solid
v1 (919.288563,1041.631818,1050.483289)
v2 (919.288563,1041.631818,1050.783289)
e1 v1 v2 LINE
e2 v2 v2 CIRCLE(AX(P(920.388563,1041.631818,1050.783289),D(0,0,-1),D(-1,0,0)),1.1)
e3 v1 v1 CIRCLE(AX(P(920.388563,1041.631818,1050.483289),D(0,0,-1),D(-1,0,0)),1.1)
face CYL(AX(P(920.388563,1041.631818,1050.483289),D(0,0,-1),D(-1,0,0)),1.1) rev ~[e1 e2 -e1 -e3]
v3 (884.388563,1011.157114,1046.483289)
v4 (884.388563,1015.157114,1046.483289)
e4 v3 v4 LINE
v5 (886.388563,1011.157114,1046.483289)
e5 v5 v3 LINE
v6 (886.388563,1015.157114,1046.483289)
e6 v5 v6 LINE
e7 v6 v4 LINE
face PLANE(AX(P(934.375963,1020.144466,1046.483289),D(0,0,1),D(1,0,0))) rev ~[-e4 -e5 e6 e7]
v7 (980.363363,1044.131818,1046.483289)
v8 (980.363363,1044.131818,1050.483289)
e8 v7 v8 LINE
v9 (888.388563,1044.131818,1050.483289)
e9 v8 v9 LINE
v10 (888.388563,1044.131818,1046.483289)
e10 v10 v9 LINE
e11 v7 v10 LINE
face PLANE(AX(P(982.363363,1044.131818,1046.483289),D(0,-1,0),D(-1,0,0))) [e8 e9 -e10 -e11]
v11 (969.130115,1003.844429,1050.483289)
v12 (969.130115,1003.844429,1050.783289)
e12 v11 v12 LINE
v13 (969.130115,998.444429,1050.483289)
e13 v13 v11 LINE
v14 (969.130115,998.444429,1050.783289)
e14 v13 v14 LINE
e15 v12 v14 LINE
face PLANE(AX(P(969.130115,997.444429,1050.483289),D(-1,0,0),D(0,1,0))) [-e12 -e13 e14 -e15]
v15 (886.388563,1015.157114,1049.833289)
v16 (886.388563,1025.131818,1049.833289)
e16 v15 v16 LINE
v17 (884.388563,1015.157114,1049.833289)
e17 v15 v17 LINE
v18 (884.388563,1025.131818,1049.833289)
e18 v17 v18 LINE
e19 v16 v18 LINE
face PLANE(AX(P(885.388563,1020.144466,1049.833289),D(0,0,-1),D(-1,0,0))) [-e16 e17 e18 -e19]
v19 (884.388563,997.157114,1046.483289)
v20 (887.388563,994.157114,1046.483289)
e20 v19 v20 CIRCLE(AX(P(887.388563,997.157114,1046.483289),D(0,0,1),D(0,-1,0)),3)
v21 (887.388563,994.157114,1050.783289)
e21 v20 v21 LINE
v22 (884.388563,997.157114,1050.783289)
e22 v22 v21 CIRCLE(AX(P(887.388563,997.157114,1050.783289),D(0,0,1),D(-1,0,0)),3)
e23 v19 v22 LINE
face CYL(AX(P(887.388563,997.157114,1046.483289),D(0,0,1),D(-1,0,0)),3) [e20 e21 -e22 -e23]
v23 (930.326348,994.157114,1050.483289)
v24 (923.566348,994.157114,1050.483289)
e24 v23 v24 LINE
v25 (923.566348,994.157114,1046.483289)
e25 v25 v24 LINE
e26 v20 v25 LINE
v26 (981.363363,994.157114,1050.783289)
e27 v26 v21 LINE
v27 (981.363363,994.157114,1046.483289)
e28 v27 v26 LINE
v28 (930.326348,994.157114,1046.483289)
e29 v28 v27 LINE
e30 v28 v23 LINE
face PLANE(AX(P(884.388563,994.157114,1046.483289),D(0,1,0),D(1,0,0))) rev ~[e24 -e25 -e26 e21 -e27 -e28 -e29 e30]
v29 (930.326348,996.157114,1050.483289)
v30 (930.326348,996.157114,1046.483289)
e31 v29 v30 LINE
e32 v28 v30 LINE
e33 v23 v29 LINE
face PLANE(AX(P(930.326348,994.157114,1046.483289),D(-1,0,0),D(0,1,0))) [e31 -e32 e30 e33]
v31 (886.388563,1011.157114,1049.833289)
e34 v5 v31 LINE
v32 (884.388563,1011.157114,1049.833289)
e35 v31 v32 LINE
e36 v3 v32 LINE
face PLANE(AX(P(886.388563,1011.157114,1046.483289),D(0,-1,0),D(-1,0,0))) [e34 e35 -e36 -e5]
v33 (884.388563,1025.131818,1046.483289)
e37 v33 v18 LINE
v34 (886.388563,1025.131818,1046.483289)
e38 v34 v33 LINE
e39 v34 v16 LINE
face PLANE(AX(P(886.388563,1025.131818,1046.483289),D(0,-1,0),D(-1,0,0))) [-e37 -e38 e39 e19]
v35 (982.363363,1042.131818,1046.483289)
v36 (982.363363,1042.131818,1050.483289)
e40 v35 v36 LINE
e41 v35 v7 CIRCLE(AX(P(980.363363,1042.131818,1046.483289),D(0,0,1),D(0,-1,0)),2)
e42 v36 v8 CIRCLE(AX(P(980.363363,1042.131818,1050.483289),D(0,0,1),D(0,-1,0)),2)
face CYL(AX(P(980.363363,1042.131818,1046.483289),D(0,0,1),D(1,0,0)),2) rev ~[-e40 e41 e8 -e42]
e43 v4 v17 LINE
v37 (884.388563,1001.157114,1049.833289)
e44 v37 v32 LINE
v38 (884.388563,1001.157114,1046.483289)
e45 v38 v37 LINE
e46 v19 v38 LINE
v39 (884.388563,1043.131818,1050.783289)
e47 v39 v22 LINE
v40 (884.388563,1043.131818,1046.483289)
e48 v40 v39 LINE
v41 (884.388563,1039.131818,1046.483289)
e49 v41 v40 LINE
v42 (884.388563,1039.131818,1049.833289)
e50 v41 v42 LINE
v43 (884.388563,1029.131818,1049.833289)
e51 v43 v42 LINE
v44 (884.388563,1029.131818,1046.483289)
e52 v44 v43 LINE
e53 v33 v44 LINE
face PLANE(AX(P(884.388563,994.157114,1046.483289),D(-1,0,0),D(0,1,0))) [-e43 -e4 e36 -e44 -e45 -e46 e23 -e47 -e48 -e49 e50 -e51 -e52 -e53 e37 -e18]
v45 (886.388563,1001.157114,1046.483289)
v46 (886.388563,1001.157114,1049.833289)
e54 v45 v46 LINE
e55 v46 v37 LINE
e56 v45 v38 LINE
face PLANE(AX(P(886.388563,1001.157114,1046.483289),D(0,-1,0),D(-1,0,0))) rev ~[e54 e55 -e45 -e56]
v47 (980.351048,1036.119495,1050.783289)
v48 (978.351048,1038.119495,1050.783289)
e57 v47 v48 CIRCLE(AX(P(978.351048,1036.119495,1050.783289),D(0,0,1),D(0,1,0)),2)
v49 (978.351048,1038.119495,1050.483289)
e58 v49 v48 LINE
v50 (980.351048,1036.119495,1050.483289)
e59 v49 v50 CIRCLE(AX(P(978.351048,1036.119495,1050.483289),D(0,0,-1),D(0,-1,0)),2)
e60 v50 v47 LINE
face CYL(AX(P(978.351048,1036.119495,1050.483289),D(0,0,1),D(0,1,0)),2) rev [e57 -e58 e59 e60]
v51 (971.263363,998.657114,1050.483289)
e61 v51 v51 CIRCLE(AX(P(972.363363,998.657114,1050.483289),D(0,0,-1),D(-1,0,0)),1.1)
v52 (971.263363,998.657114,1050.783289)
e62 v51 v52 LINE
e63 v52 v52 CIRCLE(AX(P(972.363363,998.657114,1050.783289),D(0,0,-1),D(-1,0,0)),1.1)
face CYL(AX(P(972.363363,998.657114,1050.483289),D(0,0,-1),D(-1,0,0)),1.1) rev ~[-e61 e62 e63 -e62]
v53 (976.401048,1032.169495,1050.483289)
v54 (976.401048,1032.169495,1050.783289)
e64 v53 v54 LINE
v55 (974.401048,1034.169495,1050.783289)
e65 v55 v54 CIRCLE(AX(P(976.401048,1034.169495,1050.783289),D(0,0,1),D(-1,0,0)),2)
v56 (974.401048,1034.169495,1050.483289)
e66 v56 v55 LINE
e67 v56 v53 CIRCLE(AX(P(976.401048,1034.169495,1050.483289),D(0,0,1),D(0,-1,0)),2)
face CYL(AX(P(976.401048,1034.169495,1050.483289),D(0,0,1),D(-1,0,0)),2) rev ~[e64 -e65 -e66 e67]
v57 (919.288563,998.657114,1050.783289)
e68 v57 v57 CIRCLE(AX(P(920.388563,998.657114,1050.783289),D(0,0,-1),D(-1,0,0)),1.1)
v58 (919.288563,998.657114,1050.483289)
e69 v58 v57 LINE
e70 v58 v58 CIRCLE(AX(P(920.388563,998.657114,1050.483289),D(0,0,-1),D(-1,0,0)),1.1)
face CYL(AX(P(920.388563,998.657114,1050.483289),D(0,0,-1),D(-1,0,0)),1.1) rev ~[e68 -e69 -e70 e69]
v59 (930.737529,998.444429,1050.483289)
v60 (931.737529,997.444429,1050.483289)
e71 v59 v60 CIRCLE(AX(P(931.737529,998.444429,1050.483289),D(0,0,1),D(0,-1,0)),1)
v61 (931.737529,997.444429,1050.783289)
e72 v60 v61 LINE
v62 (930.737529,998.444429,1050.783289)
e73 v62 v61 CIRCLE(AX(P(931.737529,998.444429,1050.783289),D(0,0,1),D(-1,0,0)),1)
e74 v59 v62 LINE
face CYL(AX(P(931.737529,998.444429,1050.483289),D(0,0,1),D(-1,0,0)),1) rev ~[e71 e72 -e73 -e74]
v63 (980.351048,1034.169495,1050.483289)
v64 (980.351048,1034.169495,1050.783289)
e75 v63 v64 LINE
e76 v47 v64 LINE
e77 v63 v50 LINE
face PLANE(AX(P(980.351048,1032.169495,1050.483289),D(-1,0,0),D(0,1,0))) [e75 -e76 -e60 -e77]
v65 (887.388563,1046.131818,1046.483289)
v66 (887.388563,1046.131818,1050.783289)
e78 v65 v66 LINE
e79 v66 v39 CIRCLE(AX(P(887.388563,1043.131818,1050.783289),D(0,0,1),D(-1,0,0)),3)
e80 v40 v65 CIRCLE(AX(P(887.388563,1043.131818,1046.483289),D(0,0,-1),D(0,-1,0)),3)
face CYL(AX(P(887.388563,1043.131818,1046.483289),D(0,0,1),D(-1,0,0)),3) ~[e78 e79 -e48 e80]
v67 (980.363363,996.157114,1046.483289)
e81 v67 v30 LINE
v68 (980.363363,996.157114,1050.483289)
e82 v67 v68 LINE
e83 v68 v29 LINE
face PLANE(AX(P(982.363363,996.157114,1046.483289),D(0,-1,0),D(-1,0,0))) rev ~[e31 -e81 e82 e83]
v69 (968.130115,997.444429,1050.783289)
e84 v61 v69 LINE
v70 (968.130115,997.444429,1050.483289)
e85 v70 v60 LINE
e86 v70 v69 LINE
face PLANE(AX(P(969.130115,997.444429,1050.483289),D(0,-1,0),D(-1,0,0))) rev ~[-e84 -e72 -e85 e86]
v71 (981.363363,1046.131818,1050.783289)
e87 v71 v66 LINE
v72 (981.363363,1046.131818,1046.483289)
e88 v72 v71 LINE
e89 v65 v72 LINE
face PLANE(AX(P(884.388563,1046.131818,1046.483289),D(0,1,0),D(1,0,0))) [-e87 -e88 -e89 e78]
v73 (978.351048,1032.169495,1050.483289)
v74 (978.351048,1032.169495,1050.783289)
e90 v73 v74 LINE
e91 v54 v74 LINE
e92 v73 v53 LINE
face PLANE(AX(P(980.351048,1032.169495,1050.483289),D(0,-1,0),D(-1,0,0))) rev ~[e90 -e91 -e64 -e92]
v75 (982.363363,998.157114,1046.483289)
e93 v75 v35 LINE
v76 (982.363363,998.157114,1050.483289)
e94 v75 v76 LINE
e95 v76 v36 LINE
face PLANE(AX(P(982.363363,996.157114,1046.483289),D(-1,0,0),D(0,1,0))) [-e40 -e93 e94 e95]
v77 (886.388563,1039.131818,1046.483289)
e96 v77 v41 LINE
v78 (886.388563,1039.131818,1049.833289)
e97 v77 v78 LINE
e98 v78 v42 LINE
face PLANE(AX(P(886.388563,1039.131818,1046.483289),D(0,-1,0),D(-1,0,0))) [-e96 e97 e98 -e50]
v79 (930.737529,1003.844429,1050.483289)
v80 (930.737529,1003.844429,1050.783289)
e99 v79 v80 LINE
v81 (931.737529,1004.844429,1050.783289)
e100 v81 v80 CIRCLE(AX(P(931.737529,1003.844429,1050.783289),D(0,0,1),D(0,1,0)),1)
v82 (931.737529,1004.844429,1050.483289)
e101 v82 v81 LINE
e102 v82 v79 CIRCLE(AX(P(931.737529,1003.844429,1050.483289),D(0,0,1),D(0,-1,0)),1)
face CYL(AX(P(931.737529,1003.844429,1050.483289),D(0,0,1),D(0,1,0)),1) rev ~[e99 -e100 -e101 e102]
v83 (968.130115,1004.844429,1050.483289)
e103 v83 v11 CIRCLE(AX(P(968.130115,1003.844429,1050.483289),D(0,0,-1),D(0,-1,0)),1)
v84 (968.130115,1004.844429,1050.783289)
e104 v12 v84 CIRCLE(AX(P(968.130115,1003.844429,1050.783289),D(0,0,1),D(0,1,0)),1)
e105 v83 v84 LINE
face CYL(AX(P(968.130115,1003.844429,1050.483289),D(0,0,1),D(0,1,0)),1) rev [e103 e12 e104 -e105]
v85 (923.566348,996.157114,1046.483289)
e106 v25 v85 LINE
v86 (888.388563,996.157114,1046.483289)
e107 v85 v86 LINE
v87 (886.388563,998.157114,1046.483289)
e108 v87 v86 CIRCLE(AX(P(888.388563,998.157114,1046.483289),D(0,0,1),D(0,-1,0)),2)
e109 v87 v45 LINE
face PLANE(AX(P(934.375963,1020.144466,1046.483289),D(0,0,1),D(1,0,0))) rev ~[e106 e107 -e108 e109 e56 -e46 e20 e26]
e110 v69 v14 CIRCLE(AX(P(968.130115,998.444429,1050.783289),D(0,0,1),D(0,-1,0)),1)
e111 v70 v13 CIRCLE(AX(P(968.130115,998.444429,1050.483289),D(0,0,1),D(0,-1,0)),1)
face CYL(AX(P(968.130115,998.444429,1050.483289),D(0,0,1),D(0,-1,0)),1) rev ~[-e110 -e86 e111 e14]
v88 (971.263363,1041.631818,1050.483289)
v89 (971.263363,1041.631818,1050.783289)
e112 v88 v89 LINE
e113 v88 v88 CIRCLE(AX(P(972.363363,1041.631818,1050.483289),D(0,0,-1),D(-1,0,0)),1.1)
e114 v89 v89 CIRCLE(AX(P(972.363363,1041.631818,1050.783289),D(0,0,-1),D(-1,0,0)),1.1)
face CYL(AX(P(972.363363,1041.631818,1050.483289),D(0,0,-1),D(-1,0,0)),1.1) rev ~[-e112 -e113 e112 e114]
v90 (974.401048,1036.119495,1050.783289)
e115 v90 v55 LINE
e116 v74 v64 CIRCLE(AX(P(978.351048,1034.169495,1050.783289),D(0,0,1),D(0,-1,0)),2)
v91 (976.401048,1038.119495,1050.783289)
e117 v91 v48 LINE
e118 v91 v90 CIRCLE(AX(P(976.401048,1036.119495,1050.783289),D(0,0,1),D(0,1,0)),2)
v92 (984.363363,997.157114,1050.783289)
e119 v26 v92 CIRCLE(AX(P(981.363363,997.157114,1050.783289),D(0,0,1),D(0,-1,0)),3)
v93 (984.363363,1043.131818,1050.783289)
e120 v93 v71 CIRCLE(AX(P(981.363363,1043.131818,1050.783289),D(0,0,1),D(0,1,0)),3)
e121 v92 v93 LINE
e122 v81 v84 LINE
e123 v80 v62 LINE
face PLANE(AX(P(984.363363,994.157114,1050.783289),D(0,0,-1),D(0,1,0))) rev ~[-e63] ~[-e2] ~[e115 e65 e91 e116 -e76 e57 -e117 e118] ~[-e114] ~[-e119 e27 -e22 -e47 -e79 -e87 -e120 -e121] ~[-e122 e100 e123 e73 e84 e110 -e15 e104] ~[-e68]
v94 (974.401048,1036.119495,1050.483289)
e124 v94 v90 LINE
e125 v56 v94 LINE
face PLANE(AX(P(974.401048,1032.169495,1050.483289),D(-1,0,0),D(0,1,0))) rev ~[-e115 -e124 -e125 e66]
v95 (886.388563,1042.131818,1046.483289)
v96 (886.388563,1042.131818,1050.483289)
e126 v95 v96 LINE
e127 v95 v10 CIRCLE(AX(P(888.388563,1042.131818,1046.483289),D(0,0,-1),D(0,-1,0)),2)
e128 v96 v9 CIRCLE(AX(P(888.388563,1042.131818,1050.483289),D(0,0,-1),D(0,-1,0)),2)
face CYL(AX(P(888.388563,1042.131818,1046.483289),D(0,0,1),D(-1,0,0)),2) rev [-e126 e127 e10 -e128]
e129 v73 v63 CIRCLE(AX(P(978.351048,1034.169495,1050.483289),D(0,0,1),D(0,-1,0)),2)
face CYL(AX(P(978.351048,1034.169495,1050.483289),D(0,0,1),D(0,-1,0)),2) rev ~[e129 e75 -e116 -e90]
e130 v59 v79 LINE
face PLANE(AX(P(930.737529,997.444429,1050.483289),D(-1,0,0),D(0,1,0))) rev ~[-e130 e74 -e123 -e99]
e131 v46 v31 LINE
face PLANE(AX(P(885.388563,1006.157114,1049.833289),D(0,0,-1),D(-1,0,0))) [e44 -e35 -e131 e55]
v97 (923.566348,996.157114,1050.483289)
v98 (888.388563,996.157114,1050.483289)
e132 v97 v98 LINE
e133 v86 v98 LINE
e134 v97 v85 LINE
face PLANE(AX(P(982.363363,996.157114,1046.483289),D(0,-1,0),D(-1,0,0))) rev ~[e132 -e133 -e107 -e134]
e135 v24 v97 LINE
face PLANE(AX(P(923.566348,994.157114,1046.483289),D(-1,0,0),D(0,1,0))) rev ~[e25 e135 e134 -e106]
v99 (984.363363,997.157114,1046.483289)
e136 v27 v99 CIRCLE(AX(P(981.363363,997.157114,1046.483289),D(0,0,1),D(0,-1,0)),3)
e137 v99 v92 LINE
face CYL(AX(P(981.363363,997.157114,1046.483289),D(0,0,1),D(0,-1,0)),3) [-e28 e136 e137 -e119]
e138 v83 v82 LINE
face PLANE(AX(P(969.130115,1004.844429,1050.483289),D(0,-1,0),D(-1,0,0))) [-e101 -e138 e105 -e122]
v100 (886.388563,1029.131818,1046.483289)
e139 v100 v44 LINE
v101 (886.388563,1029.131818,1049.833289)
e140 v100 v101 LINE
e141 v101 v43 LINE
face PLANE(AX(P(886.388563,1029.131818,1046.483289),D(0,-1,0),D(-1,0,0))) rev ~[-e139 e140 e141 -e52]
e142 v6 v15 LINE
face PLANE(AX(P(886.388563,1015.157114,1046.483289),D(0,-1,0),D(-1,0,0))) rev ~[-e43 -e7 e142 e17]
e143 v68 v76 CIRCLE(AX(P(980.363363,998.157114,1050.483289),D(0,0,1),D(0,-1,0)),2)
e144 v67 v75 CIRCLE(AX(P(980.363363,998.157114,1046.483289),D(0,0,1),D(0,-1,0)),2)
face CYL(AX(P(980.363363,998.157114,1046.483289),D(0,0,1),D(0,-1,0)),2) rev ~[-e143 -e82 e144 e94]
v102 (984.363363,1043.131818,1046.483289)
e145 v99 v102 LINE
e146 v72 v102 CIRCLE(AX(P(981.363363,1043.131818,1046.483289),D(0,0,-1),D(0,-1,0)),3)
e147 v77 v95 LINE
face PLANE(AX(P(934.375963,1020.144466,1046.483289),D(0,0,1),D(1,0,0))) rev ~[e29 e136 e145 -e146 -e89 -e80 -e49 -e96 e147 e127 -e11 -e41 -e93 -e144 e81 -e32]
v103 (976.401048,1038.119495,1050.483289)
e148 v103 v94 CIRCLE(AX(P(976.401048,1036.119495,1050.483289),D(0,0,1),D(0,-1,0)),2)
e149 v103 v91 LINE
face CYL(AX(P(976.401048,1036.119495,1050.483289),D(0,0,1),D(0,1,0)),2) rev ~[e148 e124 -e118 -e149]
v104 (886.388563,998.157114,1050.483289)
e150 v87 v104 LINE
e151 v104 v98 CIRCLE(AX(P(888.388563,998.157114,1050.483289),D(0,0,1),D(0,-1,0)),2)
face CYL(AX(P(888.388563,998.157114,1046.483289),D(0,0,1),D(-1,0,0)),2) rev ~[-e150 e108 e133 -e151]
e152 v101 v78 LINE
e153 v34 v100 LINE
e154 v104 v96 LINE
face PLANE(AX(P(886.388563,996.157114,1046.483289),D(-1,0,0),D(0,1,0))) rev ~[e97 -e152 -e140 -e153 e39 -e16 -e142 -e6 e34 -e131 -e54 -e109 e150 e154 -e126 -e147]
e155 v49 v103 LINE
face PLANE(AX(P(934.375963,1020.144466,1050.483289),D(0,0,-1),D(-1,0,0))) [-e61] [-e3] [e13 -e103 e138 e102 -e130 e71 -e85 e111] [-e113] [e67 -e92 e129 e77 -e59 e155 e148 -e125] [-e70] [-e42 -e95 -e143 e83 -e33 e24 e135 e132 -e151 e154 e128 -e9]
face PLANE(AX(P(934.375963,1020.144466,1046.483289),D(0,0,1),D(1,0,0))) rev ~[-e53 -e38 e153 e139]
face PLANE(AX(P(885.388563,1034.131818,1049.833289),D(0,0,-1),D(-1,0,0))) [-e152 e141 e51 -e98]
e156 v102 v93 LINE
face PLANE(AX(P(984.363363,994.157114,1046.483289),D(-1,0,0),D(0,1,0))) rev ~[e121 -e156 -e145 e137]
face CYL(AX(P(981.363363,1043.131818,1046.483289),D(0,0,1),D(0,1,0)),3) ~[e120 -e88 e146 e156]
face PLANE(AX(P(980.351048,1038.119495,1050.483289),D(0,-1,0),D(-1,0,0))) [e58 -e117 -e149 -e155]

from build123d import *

# Parameters (mm, degrees)
SKETCH_1_W           = 99.974800609
SKETCH_1_H           = 51.97470409
EXTRUDE_1_DEPTH      = 8.6
SKETCH_2_W           = 95.974800609
SKETCH_2_H           = 47.97470409
CUT_EXTRUDE_1_DEPTH  = 4
SKETCH_3_W           = 2
SKETCH_3_H           = 10
SKETCH_3_H_2         = 9.97470409
CUT_EXTRUDE_2_DEPTH  = 3.35
SKETCH_4_R           = 1.1
SKETCH_4_W           = 38.392586289
SKETCH_4_H           = 7.4
SKETCH_4_W_2         = 5.95
SKETCH_4_H_2         = 5.95
CUT_EXTRUDE_3_DEPTH  = 1437.448457956
FILLET_1_R           = 3
FILLET_3_R           = 2
SKETCH_7_W           = 53.6
SKETCH_7_H           = 10.97470409
CUT_EXTRUDE_14_DEPTH = 4
FILLET_7_R           = 2
FILLET_8_R           = 1
SKETCH_14_W          = 2.323736835
SKETCH_14_H          = 6.8
CUT_EXTRUDE_15_DEPTH = 2
SKETCH_15_W          = 4.3
SKETCH_15_H          = 51.97470409
CUT_EXTRUDE_16_DEPTH = 1490.156636733
SKETCH_6_W           = 6.76
SKETCH_6_H           = 6.795709929
CUT_EXTRUDE_17_DEPTH = 4


with BuildPart() as part:
    # 草图1 → 凸台-拉伸1 (new body)
    with BuildSketch(Plane.XY.offset(1046.483288979)):
        with Locations((934.375963031, 1020.144466268)):
            Rectangle(SKETCH_1_W, SKETCH_1_H)
    extrude(amount=EXTRUDE_1_DEPTH)

    # 草图2 → 切除-拉伸1 (cut)
    with BuildSketch(Plane(origin=(0, 0, 1046.483288979), x_dir=(-1, 0, 0), z_dir=(0, 0, -1))):
        with Locations((-934.375963031, 1020.144466268)):
            Rectangle(SKETCH_2_W, SKETCH_2_H)
    extrude(amount=-CUT_EXTRUDE_1_DEPTH, mode=Mode.SUBTRACT)

    # 草图3 → 切除-拉伸2 (cut)
    with BuildSketch(Plane(origin=(0, 0, 1046.483288979), x_dir=(-1, 0, 0), z_dir=(0, 0, -1))):
        with Locations((-885.388562726, 1034.131818313)):
            Rectangle(SKETCH_3_W, SKETCH_3_H)
        with Locations((-885.388562726, 1020.144466268)):
            Rectangle(SKETCH_3_W, SKETCH_3_H_2)
        with Locations((-885.388562726, 1006.157114223)):
            Rectangle(SKETCH_3_W, SKETCH_3_H)
    extrude(amount=-CUT_EXTRUDE_2_DEPTH, mode=Mode.SUBTRACT)

    # 草图4 → 切除-拉伸3 (cut, through all)
    with BuildSketch(Plane(origin=(0, 0, 1050.483288979), x_dir=(-1, 0, 0), z_dir=(0, 0, -1))):
        with Locations((-920.388562726, 1041.631818313)):
            Circle(SKETCH_4_R)
        with Locations((-920.388562726, 998.657114223)):
            Circle(SKETCH_4_R)
        with Locations((-972.363363335, 998.657114223)):
            Circle(SKETCH_4_R)
        with Locations((-972.363363335, 1041.631818313)):
            Circle(SKETCH_4_R)
        with Locations((-949.933821712, 1001.144429438)):
            Rectangle(SKETCH_4_W, SKETCH_4_H)
        with Locations((-977.376048121, 1035.144495478)):
            Rectangle(SKETCH_4_W_2, SKETCH_4_H_2)
    extrude(amount=-CUT_EXTRUDE_3_DEPTH, mode=Mode.SUBTRACT)

    # 圆角1
    fillet_1_edges = [part.edges().sort_by_distance(p)[0] for p in [
        (884.388562726, 1046.131818313, 1050.783288979),
        (984.363363335, 1046.131818313, 1050.783288979),
        (984.363363335, 994.157114223, 1050.783288979),
        (884.388562726, 994.157114223, 1050.783288979),
    ]]
    fillet(fillet_1_edges, radius=FILLET_1_R)

    # 圆角3
    fillet_3_edges = [part.edges().sort_by_distance(p)[0] for p in [
        (980.351048121, 1032.169495478, 1052.783288979),
        (980.351048121, 1038.119495478, 1052.783288979),
        (974.401048121, 1038.119495478, 1052.783288979),
        (974.401048121, 1032.169495478, 1052.783288979),
    ]]
    fillet(fillet_3_edges, radius=FILLET_3_R)

    # 草图7 → 切除-拉伸14 (cut)
    with BuildSketch(Plane.XY.offset(1055.083288979)):
        Polygon((885.888562726, 1019.831818313), (982.863363335, 1019.831818313), (982.863363335, 1008.131818313), (927.763363335, 1008.131818313), (927.763363335, 1006.631818313), (927.763363335, 995.657114223), (885.888562726, 995.657114223), align=None)
        Polygon((934.163363335, 1044.631818313), (934.163363335, 1033.131818313), (935.663363335, 1033.131818313), (935.663363335, 1044.631818313), (982.863363335, 1044.631818313), (982.863363335, 1021.331818313), (963.463363335, 1021.331818313), (963.463363335, 1032.731818313), (943.963363335, 1032.731818313), (943.963363335, 1031.231818313), (961.963363335, 1031.231818313), (961.963363335, 1021.331818313), (927.563363335, 1021.331818313), (927.563363335, 1032.811818313), (904.363363335, 1032.811818313), (904.363363335, 1044.631818313), align=None)
        with Locations((956.063363335, 1001.144466268)):
            Rectangle(SKETCH_7_W, SKETCH_7_H)
        Polygon((926.063363335, 1021.331818313), (926.063363335, 1031.311818313), (902.863363335, 1031.311818313), (902.863363335, 1044.631818313), (885.888562726, 1044.631818313), (885.888562726, 1021.331818313), align=None)
    extrude(amount=-CUT_EXTRUDE_14_DEPTH, mode=Mode.SUBTRACT)

    # 圆角7
    fillet_7_edges = [part.edges().sort_by_distance(p)[0] for p in [
        (982.363363335, 996.157114223, 1048.483288979),
        (982.363363335, 1044.131818313, 1048.483288979),
        (886.388562726, 1044.131818313, 1048.483288979),
        (886.388562726, 996.157114223, 1048.483288979),
        (982.863363335, 995.657114223, 1053.083288979),
        (929.263363335, 995.657114223, 1053.083288979),
        (929.263363335, 1006.631818313, 1053.083288979),
        (982.863363335, 1006.631818313, 1053.083288979),
        (961.963363335, 1021.331818313, 1053.083288979),
        (927.563363335, 1021.331818313, 1053.083288979),
        (927.563363335, 1032.811818313, 1053.083288979),
        (904.363363335, 1032.811818313, 1053.083288979),
        (904.363363335, 1044.631818313, 1053.083288979),
        (934.163363335, 1044.631818313, 1053.083288979),
        (935.663363335, 1044.631818313, 1053.083288979),
        (982.863363335, 1044.631818313, 1053.083288979),
        (982.863363335, 1021.331818313, 1053.083288979),
        (963.463363335, 1021.331818313, 1053.083288979),
        (963.463363335, 1032.731818313, 1053.083288979),
        (961.963363335, 1031.231818313, 1053.083288979),
        (885.888562726, 1021.331818313, 1053.083288979),
        (885.888562726, 1044.631818313, 1053.083288979),
        (902.863363335, 1044.631818313, 1053.083288979),
        (902.863363335, 1031.311818313, 1053.083288979),
        (926.063363335, 1031.311818313, 1053.083288979),
        (926.063363335, 1021.331818313, 1053.083288979),
        (927.763363335, 995.657114223, 1053.083288979),
        (885.888562726, 995.657114223, 1053.083288979),
        (885.888562726, 1019.831818313, 1053.083288979),
        (982.863363335, 1019.831818313, 1053.083288979),
        (982.863363335, 1008.131818313, 1053.083288979),
        (927.763363335, 1008.131818313, 1053.083288979),
    ]]
    fillet(fillet_7_edges, radius=FILLET_7_R)

    # 圆角8
    fillet_8_edges = [part.edges().sort_by_distance(p)[0] for p in [
        (930.737528567, 997.444429438, 1050.783288979),
        (969.130114856, 997.444429438, 1050.783288979),
        (930.737528567, 1004.844429438, 1050.783288979),
        (969.130114856, 1004.844429438, 1050.783288979),
    ]]
    fillet(fillet_8_edges, radius=FILLET_8_R)

    # 草图14 → 切除-拉伸15 (cut)
    with BuildSketch(Plane.XY.offset(1055.083288979)):
        with Locations((983.201494917, 1013.231818313)):
            Rectangle(SKETCH_14_W, SKETCH_14_H)
    extrude(amount=-CUT_EXTRUDE_15_DEPTH, mode=Mode.SUBTRACT)

    # 草图15 → 切除-拉伸16 (cut, through all)
    with BuildSketch(Plane(origin=(984.363363335, 0, 0), x_dir=(0, 0, -1), z_dir=(1, 0, 0))):
        with Locations((-1052.933288979, 1020.144466268)):
            Rectangle(SKETCH_15_W, SKETCH_15_H)
    extrude(amount=-CUT_EXTRUDE_16_DEPTH, mode=Mode.SUBTRACT)

    # 草图6 → 切除-拉伸17 (cut)
    with BuildSketch(Plane(origin=(0, 0, 1046.483288979), x_dir=(-1, 0, 0), z_dir=(0, 0, -1))):
        with Locations((-926.946347841, 997.554969188)):
            Rectangle(SKETCH_6_W, SKETCH_6_H)
    extrude(amount=-CUT_EXTRUDE_17_DEPTH, mode=Mode.SUBTRACT)


solid = part.part
